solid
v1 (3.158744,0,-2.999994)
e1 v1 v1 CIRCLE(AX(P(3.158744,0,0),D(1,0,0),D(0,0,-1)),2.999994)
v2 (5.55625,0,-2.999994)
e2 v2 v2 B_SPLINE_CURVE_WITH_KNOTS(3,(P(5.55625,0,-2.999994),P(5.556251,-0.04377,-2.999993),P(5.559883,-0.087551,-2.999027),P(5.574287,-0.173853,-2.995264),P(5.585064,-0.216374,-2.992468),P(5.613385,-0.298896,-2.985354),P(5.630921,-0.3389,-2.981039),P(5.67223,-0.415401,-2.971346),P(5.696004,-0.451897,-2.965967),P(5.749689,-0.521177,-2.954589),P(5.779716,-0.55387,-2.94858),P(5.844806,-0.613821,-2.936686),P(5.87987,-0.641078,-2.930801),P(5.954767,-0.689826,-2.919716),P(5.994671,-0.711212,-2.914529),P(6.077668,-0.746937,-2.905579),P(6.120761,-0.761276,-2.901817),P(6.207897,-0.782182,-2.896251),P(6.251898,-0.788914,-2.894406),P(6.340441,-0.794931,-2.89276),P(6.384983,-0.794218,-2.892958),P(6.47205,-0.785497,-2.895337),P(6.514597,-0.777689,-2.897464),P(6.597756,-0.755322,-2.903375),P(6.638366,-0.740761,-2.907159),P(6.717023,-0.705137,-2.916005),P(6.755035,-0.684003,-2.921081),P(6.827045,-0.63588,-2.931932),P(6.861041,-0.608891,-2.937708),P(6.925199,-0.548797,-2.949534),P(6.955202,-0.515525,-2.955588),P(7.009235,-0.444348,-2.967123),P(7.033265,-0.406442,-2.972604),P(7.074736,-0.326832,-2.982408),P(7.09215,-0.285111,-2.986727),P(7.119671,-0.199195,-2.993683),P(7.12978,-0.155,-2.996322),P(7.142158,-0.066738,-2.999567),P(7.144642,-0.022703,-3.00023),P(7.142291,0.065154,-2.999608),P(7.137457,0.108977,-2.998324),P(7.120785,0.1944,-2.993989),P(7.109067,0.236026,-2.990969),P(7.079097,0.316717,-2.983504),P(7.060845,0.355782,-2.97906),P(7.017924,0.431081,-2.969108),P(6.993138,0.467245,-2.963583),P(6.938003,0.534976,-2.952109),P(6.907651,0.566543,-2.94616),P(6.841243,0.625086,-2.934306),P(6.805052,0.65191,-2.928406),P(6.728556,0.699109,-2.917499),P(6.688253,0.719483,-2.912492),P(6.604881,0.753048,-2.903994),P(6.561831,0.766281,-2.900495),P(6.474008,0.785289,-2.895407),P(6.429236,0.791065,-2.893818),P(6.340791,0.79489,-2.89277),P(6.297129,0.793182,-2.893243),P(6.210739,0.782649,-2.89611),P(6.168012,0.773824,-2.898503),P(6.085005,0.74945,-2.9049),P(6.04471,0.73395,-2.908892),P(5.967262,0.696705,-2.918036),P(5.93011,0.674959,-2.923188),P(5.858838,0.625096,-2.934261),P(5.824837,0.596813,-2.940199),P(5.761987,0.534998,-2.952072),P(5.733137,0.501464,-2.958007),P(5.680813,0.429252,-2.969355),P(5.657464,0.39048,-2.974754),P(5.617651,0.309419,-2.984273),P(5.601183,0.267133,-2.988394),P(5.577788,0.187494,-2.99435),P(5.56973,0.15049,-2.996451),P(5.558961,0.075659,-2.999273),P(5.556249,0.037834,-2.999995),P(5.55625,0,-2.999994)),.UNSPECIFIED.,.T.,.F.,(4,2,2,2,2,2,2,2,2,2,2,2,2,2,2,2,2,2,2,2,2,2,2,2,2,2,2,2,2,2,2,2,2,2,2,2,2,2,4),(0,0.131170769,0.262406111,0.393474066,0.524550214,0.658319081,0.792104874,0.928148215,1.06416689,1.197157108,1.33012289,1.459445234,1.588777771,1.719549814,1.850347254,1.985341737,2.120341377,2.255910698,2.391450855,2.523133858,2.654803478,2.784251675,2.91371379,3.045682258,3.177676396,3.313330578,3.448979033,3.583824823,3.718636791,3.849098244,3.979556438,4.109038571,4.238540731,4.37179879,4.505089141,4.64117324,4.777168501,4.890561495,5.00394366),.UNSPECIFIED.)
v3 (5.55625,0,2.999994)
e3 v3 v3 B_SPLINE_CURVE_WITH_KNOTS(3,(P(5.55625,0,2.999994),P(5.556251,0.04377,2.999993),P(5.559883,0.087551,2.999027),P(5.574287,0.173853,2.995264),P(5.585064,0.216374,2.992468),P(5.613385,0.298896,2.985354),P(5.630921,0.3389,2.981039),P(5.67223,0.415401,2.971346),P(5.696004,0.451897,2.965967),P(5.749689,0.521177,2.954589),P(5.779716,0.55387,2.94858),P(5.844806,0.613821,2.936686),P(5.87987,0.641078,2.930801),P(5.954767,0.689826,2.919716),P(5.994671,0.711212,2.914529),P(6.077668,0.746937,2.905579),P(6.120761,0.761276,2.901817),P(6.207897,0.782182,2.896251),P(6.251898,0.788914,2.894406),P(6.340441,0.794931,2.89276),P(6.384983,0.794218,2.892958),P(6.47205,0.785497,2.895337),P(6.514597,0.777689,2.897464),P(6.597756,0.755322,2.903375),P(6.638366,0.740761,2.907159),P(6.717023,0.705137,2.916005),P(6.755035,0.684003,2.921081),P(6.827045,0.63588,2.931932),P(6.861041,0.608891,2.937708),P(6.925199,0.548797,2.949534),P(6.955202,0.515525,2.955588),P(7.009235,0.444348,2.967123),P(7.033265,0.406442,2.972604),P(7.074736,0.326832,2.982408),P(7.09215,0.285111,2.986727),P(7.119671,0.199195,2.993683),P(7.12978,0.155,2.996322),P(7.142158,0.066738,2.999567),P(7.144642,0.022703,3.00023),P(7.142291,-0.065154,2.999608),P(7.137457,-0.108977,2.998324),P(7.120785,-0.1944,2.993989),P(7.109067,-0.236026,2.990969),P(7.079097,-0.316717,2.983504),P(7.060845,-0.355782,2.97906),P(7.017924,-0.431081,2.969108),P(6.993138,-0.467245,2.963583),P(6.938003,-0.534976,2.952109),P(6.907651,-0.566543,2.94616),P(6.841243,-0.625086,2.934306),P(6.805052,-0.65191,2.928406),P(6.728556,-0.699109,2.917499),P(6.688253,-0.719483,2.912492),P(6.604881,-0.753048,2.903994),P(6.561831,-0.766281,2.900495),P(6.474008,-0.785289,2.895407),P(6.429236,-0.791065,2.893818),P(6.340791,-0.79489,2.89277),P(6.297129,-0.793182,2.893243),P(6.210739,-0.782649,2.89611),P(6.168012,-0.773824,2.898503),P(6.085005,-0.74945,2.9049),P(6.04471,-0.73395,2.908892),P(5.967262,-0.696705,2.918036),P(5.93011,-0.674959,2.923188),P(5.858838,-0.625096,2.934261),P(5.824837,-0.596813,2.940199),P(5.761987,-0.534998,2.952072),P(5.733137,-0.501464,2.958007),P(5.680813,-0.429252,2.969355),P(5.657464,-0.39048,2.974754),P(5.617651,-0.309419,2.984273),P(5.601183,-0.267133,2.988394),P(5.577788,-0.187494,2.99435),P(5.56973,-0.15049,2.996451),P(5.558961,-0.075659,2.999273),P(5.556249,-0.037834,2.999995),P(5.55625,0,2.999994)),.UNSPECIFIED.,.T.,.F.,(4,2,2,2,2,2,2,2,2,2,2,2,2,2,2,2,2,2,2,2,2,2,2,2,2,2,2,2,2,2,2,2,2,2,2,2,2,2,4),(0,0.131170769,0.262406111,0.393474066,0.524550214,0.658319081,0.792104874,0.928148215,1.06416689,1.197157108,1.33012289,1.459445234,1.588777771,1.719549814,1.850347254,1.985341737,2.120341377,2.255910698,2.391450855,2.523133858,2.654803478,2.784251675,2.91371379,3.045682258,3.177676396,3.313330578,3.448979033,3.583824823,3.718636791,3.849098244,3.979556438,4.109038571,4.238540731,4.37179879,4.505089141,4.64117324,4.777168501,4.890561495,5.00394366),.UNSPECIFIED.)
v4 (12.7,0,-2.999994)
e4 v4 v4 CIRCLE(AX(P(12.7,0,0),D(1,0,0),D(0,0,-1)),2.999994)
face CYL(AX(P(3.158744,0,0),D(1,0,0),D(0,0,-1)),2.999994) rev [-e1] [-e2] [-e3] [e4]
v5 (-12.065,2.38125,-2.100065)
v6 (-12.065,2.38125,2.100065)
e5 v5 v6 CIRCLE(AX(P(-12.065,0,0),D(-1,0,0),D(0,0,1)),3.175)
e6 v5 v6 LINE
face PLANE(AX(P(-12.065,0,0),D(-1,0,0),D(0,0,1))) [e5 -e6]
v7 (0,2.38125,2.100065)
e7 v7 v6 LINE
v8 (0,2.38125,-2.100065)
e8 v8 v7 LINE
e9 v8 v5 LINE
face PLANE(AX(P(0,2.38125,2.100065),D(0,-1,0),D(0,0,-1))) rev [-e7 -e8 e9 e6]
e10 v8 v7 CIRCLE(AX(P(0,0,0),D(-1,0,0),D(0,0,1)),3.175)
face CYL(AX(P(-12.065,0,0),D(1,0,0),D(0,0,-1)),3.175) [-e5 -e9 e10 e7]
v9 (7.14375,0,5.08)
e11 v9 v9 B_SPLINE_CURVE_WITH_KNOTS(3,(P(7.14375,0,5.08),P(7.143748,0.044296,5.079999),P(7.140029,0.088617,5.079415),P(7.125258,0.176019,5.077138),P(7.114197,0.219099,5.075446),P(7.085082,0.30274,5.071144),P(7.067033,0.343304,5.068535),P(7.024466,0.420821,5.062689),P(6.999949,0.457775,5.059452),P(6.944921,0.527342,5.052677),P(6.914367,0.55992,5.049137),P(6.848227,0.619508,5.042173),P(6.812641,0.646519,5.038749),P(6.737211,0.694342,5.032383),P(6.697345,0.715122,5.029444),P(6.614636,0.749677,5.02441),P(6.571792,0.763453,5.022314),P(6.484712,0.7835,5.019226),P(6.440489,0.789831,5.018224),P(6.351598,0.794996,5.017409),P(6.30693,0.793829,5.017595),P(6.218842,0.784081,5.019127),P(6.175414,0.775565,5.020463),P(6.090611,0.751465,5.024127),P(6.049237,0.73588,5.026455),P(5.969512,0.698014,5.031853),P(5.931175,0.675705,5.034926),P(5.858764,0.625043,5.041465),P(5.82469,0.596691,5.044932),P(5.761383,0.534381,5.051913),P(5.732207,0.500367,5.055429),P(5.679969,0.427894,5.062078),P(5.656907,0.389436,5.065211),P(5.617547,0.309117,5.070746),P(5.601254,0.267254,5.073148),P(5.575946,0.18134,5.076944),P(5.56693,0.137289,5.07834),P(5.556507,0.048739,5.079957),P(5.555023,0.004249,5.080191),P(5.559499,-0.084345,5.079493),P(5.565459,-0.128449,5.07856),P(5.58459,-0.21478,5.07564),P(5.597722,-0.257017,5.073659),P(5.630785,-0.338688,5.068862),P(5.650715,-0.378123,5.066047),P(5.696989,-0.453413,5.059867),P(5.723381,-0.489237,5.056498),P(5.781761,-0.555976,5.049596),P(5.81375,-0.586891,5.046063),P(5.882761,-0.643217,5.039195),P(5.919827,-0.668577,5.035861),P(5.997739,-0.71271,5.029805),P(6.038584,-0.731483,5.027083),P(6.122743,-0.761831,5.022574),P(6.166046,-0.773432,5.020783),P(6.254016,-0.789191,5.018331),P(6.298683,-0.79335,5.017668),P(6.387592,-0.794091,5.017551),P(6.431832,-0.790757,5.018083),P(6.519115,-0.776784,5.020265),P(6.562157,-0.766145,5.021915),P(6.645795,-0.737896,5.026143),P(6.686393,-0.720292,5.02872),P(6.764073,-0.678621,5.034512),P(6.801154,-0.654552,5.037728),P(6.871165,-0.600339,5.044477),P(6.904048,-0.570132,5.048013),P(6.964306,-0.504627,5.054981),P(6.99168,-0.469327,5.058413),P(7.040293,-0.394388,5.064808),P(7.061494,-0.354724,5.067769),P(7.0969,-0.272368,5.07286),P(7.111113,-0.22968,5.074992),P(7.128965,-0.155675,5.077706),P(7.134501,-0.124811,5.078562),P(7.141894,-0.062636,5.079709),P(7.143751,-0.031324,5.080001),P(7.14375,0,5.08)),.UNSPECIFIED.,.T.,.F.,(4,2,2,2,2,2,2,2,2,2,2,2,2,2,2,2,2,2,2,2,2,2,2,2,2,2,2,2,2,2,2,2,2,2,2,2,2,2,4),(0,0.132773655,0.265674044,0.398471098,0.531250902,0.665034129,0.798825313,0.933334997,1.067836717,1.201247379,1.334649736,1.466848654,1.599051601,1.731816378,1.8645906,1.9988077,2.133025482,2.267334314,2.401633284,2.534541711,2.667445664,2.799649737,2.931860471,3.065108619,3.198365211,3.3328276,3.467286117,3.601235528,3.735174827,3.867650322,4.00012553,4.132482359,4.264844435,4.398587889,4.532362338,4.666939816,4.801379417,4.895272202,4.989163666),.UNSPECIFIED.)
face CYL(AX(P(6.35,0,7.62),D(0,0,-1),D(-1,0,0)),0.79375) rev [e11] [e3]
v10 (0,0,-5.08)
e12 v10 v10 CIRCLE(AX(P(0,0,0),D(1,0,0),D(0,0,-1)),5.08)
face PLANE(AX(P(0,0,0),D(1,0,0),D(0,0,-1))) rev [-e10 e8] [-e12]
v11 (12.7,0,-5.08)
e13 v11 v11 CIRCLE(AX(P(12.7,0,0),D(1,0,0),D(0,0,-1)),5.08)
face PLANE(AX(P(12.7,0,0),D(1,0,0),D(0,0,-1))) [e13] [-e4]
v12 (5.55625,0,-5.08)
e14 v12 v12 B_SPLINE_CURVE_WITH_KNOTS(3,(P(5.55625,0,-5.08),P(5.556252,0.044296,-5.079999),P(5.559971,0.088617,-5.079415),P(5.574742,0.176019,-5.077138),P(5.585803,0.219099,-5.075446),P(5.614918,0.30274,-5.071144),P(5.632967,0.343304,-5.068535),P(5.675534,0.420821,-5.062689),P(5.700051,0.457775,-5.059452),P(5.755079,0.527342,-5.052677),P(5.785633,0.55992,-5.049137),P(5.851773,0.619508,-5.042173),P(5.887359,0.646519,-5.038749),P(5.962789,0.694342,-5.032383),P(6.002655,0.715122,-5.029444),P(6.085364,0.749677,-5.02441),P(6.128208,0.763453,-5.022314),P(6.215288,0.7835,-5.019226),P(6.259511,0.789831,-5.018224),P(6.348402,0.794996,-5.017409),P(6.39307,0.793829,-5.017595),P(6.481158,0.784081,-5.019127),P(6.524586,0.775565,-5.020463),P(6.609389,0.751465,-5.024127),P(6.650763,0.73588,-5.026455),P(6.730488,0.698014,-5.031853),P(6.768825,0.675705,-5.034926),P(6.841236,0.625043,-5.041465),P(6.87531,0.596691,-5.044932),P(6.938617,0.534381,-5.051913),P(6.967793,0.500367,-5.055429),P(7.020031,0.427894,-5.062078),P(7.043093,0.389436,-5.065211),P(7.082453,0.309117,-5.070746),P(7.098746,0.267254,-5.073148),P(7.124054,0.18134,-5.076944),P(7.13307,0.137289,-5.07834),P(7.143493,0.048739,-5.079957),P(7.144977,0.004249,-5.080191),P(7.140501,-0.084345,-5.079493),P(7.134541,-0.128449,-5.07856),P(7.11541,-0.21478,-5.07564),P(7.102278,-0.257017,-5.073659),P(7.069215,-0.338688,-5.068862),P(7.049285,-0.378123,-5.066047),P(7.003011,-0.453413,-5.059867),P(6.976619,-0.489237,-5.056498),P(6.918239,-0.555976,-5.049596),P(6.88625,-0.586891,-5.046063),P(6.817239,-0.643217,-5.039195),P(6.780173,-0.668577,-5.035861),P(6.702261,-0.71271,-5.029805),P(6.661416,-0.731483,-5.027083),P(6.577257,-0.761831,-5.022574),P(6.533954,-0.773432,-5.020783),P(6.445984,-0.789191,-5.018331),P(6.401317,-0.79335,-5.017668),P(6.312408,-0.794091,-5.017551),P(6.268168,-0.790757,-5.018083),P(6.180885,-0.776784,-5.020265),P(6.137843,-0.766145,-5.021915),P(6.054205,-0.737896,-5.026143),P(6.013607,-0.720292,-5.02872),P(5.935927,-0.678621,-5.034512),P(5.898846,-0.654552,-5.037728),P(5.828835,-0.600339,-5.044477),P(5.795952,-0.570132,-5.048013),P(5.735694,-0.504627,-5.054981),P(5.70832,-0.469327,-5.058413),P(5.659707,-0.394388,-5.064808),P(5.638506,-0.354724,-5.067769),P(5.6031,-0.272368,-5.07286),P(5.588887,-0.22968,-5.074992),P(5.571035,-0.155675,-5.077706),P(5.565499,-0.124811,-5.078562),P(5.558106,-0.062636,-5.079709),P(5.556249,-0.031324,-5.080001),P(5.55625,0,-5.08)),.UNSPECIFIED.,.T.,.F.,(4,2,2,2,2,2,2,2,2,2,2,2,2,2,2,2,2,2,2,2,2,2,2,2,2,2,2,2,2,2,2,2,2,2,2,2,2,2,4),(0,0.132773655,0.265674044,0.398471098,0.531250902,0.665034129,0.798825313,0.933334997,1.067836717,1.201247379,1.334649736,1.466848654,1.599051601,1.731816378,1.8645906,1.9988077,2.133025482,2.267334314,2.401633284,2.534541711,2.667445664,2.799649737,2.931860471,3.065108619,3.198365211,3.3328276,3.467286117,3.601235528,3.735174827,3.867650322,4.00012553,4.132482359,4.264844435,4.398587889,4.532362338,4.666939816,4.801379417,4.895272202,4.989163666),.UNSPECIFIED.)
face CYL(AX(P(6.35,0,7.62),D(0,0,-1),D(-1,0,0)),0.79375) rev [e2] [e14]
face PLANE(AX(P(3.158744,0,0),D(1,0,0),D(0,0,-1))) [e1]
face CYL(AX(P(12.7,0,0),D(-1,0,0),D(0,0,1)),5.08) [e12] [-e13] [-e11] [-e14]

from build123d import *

# Parameters (mm, degrees)
SKETCH1_R               = 5.08
BOSS_EXTRUDE1_DEPTH     = 12.7
SKETCH2_R               = 2.999994
CUT_EXTRUDE1_DEPTH      = 9.541256
SKETCH3_R               = 3.175
BOSS_EXTRUDE2_DEPTH     = 12.065
CUT_EXTRUDE2_DEPTH      = 7.62
CUT_EXTRUDE2_DEPTH_BACK = 7.62
SKETCH4_R               = 0.79375
SKETCH7_W               = 0.79375
SKETCH7_H               = 4.200130206
CUT_EXTRUDE3_DEPTH      = 12.065


with BuildPart() as part:
    # Sketch1 → Boss-Extrude1 (new body)
    with BuildSketch(Plane.YZ):
        Circle(SKETCH1_R)
    extrude(amount=BOSS_EXTRUDE1_DEPTH)

    # Sketch2 → Cut-Extrude1 (cut)
    with BuildSketch(Plane.YZ.offset(12.7)):
        Circle(SKETCH2_R)
    extrude(amount=-CUT_EXTRUDE1_DEPTH, mode=Mode.SUBTRACT)

    # Sketch3 → Boss-Extrude2 (add)
    with BuildSketch(Plane(origin=(0, 0, 0), x_dir=(0, -1, 0), z_dir=(-1, 0, 0))):
        Circle(SKETCH3_R)
    extrude(amount=BOSS_EXTRUDE2_DEPTH)

    # Sketch4 → Cut-Extrude2 (cut, two sides: drawn at the far end of the back side and taken through both)
    with BuildSketch(Plane(origin=(0, 0, 0), x_dir=(0, 1, 0), z_dir=(0, 0, 1)).offset(-CUT_EXTRUDE2_DEPTH_BACK)):
        with Locations((0, -6.35)):
            Circle(SKETCH4_R)
    extrude(amount=CUT_EXTRUDE2_DEPTH + CUT_EXTRUDE2_DEPTH_BACK, mode=Mode.SUBTRACT)

    # Sketch7 → Cut-Extrude3 (cut)
    with BuildSketch(Plane(origin=(-12.065, 0, 0), x_dir=(0, -1, 0), z_dir=(-1, 0, 0))):
        with Locations((-2.778125, 0)):
            Rectangle(SKETCH7_W, SKETCH7_H)
    extrude(amount=-CUT_EXTRUDE3_DEPTH, mode=Mode.SUBTRACT)


solid = part.part
